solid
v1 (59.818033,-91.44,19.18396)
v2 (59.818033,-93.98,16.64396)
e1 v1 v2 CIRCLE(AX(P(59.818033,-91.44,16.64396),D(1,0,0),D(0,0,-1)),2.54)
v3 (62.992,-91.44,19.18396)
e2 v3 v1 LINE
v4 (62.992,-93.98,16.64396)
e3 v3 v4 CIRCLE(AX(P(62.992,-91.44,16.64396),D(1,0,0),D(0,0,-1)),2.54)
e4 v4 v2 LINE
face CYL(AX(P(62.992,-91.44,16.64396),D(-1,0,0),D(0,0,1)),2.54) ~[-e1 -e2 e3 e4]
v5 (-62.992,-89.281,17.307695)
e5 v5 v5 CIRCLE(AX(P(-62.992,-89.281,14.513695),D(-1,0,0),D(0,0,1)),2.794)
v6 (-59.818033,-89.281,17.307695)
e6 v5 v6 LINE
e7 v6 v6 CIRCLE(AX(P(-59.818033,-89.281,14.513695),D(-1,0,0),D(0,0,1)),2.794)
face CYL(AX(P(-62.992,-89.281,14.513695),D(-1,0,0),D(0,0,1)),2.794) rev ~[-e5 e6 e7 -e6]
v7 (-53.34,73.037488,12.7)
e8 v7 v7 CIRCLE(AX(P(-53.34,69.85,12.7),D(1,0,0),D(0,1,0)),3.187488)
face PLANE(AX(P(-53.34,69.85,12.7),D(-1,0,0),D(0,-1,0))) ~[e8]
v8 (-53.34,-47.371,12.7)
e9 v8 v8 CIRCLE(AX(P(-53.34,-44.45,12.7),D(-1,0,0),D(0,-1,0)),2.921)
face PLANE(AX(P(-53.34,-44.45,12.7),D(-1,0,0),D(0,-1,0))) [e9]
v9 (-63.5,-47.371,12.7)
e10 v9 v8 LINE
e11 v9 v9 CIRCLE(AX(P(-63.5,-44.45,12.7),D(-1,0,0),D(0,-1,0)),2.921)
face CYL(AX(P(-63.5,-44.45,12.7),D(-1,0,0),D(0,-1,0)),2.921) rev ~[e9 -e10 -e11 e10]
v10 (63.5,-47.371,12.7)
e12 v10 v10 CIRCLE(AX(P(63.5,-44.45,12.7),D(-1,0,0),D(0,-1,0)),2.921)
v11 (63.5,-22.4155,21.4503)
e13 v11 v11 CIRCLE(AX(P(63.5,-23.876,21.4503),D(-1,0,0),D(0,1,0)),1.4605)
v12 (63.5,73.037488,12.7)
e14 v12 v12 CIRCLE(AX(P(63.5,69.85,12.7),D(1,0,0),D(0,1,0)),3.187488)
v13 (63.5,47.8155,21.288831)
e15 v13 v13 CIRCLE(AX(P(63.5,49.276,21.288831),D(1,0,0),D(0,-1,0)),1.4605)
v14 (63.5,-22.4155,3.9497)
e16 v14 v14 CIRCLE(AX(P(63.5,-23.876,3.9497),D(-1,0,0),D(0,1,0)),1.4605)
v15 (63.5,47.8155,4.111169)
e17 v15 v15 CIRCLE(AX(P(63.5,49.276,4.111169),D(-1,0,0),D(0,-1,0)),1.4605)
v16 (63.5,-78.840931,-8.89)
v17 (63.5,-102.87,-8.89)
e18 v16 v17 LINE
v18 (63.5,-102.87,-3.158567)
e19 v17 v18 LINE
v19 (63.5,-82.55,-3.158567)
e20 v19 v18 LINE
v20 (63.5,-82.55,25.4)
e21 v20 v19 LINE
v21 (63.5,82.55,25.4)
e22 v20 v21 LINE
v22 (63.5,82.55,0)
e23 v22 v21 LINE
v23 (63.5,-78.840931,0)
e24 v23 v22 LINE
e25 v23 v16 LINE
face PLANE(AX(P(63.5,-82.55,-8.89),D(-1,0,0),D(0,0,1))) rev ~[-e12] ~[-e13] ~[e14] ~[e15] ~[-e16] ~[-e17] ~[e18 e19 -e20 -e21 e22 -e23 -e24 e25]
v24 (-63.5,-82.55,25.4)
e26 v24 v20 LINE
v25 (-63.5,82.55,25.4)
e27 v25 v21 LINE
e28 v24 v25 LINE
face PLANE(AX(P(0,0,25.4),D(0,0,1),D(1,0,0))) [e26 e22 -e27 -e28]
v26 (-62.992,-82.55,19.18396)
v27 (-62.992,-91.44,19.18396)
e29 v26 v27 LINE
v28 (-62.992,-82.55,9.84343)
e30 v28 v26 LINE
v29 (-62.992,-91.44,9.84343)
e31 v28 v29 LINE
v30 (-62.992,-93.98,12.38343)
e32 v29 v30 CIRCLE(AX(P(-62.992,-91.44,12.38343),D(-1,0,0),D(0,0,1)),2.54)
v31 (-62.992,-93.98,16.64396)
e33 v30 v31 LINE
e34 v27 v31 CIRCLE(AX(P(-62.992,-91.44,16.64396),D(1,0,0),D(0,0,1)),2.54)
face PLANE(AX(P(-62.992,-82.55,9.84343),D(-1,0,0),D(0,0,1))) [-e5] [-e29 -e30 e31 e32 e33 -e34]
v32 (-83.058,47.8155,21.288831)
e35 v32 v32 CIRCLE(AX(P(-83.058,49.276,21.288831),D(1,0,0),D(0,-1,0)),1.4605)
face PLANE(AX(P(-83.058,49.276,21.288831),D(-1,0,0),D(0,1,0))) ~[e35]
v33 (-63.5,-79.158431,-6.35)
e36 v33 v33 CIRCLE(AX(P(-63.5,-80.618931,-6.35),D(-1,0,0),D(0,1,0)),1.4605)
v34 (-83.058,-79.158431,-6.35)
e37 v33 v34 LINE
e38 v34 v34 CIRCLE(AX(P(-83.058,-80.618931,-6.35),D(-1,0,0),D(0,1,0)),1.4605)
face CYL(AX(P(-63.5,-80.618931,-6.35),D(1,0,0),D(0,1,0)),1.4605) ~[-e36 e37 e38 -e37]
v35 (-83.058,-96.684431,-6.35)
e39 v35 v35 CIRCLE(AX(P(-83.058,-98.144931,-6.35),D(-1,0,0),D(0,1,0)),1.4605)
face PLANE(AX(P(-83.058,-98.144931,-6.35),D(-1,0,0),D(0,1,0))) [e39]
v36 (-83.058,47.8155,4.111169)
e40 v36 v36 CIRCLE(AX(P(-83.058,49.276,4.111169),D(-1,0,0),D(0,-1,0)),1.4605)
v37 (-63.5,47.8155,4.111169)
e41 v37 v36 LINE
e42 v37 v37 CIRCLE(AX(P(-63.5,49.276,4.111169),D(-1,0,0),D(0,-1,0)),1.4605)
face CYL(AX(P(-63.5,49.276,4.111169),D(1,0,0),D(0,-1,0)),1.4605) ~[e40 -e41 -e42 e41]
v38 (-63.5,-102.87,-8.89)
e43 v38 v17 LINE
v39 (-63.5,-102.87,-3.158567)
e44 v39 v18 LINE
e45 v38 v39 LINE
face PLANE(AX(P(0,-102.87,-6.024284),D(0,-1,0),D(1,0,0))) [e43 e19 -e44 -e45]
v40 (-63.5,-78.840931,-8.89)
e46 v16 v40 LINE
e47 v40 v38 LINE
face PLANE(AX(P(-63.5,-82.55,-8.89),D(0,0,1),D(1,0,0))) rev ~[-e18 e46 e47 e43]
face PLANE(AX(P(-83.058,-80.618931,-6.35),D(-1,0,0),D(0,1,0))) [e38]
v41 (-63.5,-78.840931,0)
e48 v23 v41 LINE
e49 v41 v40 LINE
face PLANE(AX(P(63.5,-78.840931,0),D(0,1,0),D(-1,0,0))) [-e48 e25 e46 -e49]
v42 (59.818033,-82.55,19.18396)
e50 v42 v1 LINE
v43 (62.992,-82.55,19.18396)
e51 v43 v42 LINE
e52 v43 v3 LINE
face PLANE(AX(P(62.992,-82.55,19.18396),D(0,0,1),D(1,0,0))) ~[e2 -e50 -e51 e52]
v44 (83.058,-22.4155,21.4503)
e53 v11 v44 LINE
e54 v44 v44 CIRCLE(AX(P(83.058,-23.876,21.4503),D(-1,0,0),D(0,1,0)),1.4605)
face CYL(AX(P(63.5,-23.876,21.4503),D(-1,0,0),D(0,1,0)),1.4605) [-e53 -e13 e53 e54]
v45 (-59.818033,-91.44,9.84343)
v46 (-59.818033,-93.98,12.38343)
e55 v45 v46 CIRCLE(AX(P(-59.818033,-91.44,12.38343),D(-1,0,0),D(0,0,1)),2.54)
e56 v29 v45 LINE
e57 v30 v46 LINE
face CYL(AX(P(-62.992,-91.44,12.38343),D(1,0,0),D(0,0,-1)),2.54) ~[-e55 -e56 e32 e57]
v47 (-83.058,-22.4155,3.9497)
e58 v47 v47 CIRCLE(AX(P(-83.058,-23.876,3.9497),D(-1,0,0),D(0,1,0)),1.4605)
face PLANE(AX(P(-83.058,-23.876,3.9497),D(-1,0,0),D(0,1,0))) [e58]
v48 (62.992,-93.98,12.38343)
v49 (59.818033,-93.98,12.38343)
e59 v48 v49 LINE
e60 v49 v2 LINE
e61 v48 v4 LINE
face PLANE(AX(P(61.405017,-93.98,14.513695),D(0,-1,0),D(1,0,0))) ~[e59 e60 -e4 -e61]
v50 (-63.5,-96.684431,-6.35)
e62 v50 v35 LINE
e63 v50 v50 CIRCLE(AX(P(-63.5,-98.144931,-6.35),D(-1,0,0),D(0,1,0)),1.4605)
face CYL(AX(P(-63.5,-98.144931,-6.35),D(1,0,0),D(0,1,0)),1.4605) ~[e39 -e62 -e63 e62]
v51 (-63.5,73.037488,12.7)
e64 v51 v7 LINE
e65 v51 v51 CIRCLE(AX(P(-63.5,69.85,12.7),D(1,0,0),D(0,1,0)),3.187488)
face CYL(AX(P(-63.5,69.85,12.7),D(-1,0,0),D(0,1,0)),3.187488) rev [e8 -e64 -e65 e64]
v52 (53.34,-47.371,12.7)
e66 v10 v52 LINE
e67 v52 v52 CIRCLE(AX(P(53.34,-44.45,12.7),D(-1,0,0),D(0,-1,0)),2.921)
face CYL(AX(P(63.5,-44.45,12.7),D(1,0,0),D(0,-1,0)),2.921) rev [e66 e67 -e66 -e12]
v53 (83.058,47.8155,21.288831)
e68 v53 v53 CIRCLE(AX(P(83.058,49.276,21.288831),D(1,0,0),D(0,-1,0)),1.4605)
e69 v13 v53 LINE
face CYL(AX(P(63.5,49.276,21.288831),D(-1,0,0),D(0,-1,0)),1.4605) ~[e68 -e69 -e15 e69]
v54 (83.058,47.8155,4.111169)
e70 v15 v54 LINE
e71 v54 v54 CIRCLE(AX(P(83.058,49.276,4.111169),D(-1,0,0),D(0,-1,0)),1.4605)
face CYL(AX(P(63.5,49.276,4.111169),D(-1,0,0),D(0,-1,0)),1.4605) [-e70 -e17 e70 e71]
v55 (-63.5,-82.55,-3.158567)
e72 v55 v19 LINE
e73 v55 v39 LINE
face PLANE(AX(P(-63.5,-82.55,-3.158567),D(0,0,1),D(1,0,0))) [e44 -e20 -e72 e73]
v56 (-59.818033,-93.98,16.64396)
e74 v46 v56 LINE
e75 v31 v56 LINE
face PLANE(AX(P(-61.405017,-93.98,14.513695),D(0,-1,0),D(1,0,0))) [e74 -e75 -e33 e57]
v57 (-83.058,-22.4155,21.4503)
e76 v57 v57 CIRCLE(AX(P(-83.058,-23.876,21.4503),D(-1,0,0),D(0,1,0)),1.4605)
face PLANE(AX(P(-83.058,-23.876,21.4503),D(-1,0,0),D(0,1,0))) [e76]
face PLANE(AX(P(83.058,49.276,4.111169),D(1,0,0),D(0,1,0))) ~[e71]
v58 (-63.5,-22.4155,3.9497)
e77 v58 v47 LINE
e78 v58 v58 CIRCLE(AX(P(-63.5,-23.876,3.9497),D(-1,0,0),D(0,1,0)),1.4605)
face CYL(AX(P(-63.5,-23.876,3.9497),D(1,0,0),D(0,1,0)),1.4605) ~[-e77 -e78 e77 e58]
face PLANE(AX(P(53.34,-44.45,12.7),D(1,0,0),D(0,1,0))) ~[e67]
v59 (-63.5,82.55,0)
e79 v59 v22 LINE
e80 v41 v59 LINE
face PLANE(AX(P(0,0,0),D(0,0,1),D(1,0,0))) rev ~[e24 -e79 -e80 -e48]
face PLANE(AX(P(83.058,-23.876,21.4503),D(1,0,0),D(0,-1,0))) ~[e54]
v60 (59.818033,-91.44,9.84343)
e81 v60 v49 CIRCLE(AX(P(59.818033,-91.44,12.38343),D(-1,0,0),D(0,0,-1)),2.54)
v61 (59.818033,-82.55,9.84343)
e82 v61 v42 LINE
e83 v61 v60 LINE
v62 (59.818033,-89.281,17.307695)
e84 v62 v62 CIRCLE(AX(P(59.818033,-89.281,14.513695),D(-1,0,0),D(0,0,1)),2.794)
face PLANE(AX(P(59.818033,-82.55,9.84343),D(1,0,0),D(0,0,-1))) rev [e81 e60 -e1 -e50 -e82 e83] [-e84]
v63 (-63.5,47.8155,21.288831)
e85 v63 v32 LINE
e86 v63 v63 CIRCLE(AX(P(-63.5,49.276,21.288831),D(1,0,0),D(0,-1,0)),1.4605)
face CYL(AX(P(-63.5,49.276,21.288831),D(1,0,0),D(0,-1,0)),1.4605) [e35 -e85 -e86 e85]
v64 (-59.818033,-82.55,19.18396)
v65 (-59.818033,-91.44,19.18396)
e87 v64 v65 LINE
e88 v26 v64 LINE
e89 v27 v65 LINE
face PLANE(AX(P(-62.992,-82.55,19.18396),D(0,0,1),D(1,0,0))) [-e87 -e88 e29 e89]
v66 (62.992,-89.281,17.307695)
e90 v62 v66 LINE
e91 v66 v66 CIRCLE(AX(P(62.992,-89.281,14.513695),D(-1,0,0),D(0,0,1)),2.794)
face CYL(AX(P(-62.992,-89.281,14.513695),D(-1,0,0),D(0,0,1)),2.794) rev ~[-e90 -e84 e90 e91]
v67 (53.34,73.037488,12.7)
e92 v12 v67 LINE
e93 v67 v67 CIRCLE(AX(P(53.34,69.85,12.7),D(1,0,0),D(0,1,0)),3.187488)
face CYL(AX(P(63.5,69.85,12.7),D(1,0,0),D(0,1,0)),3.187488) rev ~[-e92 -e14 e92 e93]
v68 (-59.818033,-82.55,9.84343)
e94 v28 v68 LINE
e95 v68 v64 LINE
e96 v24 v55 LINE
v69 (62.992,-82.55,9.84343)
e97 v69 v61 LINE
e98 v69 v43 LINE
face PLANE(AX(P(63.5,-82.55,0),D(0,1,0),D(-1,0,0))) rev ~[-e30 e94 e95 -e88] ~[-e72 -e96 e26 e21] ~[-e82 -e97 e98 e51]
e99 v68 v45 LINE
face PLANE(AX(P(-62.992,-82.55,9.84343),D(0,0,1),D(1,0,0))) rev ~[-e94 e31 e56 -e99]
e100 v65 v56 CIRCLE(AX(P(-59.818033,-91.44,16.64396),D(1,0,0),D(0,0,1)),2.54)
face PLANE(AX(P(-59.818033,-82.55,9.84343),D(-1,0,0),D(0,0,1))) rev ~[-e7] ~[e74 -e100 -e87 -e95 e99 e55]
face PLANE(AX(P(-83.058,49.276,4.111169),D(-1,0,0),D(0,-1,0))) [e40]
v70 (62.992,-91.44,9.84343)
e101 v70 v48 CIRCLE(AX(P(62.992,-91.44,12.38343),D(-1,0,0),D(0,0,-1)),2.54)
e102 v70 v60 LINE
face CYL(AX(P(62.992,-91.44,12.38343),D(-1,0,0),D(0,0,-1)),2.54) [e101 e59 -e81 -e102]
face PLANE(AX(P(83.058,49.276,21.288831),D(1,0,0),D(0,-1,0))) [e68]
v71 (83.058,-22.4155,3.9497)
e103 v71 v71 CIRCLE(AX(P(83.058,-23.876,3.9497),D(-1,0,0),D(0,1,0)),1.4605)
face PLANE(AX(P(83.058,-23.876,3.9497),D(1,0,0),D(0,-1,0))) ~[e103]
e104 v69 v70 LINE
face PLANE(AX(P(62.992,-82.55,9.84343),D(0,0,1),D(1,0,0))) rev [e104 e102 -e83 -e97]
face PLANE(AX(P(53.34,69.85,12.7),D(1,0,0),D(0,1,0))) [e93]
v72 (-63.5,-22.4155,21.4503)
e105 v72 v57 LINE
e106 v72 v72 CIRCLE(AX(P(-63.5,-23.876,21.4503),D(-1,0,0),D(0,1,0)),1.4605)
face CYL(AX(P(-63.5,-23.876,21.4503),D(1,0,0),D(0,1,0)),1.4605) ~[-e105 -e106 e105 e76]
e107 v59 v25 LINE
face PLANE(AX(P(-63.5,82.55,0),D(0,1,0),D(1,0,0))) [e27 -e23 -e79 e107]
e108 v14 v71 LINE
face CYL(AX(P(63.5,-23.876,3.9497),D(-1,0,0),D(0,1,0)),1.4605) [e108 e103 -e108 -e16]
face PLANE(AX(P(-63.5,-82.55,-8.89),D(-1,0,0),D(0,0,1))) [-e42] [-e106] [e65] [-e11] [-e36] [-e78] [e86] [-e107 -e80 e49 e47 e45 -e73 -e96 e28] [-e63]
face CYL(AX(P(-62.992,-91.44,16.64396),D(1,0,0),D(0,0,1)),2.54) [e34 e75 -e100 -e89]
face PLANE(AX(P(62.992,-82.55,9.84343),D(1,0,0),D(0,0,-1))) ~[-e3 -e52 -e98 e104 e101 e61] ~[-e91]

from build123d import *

# Parameters (mm, degrees)
SKETCH1_W               = 127
SKETCH1_H               = 165.1
BOSS_EXTRUDE1_DEPTH     = 25.4
SKETCH3_R               = 2.921
CUT_EXTRUDE1_DEPTH      = 10.16
SKETCH4_R               = 1.4605
BOSS_EXTRUDE2_DEPTH     = 19.558
SKETCH5_R               = 1.4605
BOSS_EXTRUDE3_DEPTH     = 19.558
SKETCH6_W               = 3.173966583
SKETCH6_H               = 9.34053023
BOSS_EXTRUDE4_DEPTH     = 11.43
SKETCH7_R               = 2.794
CUT_EXTRUDE2_DEPTH      = 176.522086644
SKETCH8_R               = 3.187487877
CUT_EXTRUDE4_DEPTH      = 10.16
SKETCH11_R              = 1.4605
BOSS_EXTRUDE5_DEPTH     = 19.558
MIRROR6_COPY_1_SKETCH_R = 1.4605
MIRROR6_COPY_1_DEPTH    = 19.558
FILLET1_R               = 2.54
SKETCH15_W              = 127
SKETCH15_H              = 3.709069246
BOSS_EXTRUDE6_DEPTH     = 8.89
SKETCH16_W              = 127
SKETCH16_H              = 5.731432552
BOSS_EXTRUDE7_DEPTH     = 20.32
SKETCH17_R              = 1.4605
BOSS_EXTRUDE8_DEPTH     = 19.558
SKETCH18_R              = 1.4605
BOSS_EXTRUDE9_DEPTH     = 19.558


with BuildPart() as part:
    # Sketch1 → Boss-Extrude1 (new body)
    with BuildSketch(Plane.XY):
        Rectangle(SKETCH1_W, SKETCH1_H)
    extrude(amount=BOSS_EXTRUDE1_DEPTH)

    # Sketch3 → Cut-Extrude1 (cut)
    with BuildSketch(Plane.ZY.offset(63.5)):
        with Locations(Location((12.7, -44.45, 0), (0, 0, 270))):
            Circle(SKETCH3_R)
    cut_extrude1 = extrude(amount=-CUT_EXTRUDE1_DEPTH, mode=Mode.SUBTRACT)

    # Mirror1: Cut-Extrude1 across plane
    add(cut_extrude1.mirror(Plane(origin=(0, 0, 0), x_dir=(0, 0, 1), z_dir=(1, 0, 0))), mode=Mode.SUBTRACT)

    # Sketch4 → Boss-Extrude2 (add)
    with BuildSketch(Plane.ZY.offset(63.5)):
        with Locations(Location((3.9497, -23.876, 0), (0, 0, 90))):
            Circle(SKETCH4_R)
    boss_extrude2 = extrude(amount=BOSS_EXTRUDE2_DEPTH)

    # Sketch5 → Boss-Extrude3 (add)
    with BuildSketch(Plane.ZY.offset(63.5)):
        with Locations(Location((21.4503, -23.876, 0), (0, 0, 90))):
            Circle(SKETCH5_R)
    boss_extrude3 = extrude(amount=BOSS_EXTRUDE3_DEPTH)

    # Mirror2: Boss-Extrude2, Boss-Extrude3 across plane
    add(boss_extrude2.mirror(Plane(origin=(0, 0, 0), x_dir=(0, 0, 1), z_dir=(1, 0, 0))))
    add(boss_extrude3.mirror(Plane(origin=(0, 0, 0), x_dir=(0, 0, 1), z_dir=(1, 0, 0))))

    # Sketch6 → Boss-Extrude4 (add)
    with BuildSketch(Plane.XZ.offset(82.55)):
        with Locations((-61.405016708, 14.51369519)):
            Rectangle(SKETCH6_W, SKETCH6_H)
    boss_extrude4 = extrude(amount=BOSS_EXTRUDE4_DEPTH)

    # Mirror3: Boss-Extrude4 across plane
    add(boss_extrude4.mirror(Plane(origin=(0, 0, 0), x_dir=(0, 0, 1), z_dir=(1, 0, 0))))

    # Sketch7 → Cut-Extrude2 (cut, through all)
    with BuildSketch(Plane.ZY.offset(62.992)):
        with Locations((14.51369519, -89.281)):
            Circle(SKETCH7_R)
    extrude(amount=-CUT_EXTRUDE2_DEPTH, mode=Mode.SUBTRACT)

    # Sketch8 → Cut-Extrude4 (cut)
    with BuildSketch(Plane(origin=(63.5, 0, 0), x_dir=(0, 0, -1), z_dir=(1, 0, 0))):
        with Locations(Location((-12.7, 69.85, 0), (0, 0, 90))):
            Circle(SKETCH8_R)
    cut_extrude4 = extrude(amount=-CUT_EXTRUDE4_DEPTH, mode=Mode.SUBTRACT)

    # Sketch11 → Boss-Extrude5 (add)
    with BuildSketch(Plane(origin=(63.5, 0, 0), x_dir=(0, 0, -1), z_dir=(1, 0, 0))):
        with Locations(Location((-21.288830822, 49.276, 0), (0, 0, 270))):
            Circle(SKETCH11_R)
    boss_extrude5 = extrude(amount=BOSS_EXTRUDE5_DEPTH)

    # Mirror4: Boss-Extrude5 across plane
    add(boss_extrude5.mirror(Plane.XY.offset(12.7)))

    # Mirror6: Cut-Extrude4, Boss-Extrude5 across plane
    add(cut_extrude4.mirror(Plane(origin=(0, 0, 0), x_dir=(0, 0, 1), z_dir=(1, 0, 0))), mode=Mode.SUBTRACT)
    add(boss_extrude5.mirror(Plane(origin=(0, 0, 0), x_dir=(0, 0, 1), z_dir=(1, 0, 0))))

    # Mirror6 copy 1 sketch → Mirror6 copy 1 (add)
    with BuildSketch(Plane(origin=(-63.5, 0, 25.4), x_dir=(0, 0, 1), z_dir=(-1, 0, 0))):
        with Locations(Location((-21.288830822, 49.276, 0), (0, 0, 270))):
            Circle(MIRROR6_COPY_1_SKETCH_R)
    extrude(amount=MIRROR6_COPY_1_DEPTH)

    # Fillet1
    fillet1_edges = [part.edges().sort_by_distance(p)[0] for p in [
        (-61.405016709, -93.98, 9.843430075),
        (-61.405016709, -93.98, 19.183960305),
        (61.405016709, -93.98, 19.183960305),
        (61.405016709, -93.98, 9.843430075),
    ]]
    fillet(fillet1_edges, radius=FILLET1_R)

    # Sketch15 → Boss-Extrude6 (add)
    with BuildSketch(Plane(origin=(0, 0, 0), x_dir=(-1, 0, 0), z_dir=(0, 0, -1))):
        with Locations((0, -80.695465377)):
            Rectangle(SKETCH15_W, SKETCH15_H)
    extrude(amount=BOSS_EXTRUDE6_DEPTH)

    # Sketch16 → Boss-Extrude7 (add)
    with BuildSketch(Plane.XZ.offset(82.55)):
        with Locations((0, -6.024283724)):
            Rectangle(SKETCH16_W, SKETCH16_H)
    extrude(amount=BOSS_EXTRUDE7_DEPTH)

    # Sketch17 → Boss-Extrude8 (add)
    with BuildSketch(Plane.ZY.offset(63.5)):
        with Locations(Location((-6.35, -80.618930754, 0), (0, 0, 90))):
            Circle(SKETCH17_R)
    extrude(amount=BOSS_EXTRUDE8_DEPTH)

    # Sketch18 → Boss-Extrude9 (add)
    with BuildSketch(Plane.ZY.offset(63.5)):
        with Locations(Location((-6.35, -98.144930754, 0), (0, 0, 90))):
            Circle(SKETCH18_R)
    extrude(amount=BOSS_EXTRUDE9_DEPTH)


solid = part.part
